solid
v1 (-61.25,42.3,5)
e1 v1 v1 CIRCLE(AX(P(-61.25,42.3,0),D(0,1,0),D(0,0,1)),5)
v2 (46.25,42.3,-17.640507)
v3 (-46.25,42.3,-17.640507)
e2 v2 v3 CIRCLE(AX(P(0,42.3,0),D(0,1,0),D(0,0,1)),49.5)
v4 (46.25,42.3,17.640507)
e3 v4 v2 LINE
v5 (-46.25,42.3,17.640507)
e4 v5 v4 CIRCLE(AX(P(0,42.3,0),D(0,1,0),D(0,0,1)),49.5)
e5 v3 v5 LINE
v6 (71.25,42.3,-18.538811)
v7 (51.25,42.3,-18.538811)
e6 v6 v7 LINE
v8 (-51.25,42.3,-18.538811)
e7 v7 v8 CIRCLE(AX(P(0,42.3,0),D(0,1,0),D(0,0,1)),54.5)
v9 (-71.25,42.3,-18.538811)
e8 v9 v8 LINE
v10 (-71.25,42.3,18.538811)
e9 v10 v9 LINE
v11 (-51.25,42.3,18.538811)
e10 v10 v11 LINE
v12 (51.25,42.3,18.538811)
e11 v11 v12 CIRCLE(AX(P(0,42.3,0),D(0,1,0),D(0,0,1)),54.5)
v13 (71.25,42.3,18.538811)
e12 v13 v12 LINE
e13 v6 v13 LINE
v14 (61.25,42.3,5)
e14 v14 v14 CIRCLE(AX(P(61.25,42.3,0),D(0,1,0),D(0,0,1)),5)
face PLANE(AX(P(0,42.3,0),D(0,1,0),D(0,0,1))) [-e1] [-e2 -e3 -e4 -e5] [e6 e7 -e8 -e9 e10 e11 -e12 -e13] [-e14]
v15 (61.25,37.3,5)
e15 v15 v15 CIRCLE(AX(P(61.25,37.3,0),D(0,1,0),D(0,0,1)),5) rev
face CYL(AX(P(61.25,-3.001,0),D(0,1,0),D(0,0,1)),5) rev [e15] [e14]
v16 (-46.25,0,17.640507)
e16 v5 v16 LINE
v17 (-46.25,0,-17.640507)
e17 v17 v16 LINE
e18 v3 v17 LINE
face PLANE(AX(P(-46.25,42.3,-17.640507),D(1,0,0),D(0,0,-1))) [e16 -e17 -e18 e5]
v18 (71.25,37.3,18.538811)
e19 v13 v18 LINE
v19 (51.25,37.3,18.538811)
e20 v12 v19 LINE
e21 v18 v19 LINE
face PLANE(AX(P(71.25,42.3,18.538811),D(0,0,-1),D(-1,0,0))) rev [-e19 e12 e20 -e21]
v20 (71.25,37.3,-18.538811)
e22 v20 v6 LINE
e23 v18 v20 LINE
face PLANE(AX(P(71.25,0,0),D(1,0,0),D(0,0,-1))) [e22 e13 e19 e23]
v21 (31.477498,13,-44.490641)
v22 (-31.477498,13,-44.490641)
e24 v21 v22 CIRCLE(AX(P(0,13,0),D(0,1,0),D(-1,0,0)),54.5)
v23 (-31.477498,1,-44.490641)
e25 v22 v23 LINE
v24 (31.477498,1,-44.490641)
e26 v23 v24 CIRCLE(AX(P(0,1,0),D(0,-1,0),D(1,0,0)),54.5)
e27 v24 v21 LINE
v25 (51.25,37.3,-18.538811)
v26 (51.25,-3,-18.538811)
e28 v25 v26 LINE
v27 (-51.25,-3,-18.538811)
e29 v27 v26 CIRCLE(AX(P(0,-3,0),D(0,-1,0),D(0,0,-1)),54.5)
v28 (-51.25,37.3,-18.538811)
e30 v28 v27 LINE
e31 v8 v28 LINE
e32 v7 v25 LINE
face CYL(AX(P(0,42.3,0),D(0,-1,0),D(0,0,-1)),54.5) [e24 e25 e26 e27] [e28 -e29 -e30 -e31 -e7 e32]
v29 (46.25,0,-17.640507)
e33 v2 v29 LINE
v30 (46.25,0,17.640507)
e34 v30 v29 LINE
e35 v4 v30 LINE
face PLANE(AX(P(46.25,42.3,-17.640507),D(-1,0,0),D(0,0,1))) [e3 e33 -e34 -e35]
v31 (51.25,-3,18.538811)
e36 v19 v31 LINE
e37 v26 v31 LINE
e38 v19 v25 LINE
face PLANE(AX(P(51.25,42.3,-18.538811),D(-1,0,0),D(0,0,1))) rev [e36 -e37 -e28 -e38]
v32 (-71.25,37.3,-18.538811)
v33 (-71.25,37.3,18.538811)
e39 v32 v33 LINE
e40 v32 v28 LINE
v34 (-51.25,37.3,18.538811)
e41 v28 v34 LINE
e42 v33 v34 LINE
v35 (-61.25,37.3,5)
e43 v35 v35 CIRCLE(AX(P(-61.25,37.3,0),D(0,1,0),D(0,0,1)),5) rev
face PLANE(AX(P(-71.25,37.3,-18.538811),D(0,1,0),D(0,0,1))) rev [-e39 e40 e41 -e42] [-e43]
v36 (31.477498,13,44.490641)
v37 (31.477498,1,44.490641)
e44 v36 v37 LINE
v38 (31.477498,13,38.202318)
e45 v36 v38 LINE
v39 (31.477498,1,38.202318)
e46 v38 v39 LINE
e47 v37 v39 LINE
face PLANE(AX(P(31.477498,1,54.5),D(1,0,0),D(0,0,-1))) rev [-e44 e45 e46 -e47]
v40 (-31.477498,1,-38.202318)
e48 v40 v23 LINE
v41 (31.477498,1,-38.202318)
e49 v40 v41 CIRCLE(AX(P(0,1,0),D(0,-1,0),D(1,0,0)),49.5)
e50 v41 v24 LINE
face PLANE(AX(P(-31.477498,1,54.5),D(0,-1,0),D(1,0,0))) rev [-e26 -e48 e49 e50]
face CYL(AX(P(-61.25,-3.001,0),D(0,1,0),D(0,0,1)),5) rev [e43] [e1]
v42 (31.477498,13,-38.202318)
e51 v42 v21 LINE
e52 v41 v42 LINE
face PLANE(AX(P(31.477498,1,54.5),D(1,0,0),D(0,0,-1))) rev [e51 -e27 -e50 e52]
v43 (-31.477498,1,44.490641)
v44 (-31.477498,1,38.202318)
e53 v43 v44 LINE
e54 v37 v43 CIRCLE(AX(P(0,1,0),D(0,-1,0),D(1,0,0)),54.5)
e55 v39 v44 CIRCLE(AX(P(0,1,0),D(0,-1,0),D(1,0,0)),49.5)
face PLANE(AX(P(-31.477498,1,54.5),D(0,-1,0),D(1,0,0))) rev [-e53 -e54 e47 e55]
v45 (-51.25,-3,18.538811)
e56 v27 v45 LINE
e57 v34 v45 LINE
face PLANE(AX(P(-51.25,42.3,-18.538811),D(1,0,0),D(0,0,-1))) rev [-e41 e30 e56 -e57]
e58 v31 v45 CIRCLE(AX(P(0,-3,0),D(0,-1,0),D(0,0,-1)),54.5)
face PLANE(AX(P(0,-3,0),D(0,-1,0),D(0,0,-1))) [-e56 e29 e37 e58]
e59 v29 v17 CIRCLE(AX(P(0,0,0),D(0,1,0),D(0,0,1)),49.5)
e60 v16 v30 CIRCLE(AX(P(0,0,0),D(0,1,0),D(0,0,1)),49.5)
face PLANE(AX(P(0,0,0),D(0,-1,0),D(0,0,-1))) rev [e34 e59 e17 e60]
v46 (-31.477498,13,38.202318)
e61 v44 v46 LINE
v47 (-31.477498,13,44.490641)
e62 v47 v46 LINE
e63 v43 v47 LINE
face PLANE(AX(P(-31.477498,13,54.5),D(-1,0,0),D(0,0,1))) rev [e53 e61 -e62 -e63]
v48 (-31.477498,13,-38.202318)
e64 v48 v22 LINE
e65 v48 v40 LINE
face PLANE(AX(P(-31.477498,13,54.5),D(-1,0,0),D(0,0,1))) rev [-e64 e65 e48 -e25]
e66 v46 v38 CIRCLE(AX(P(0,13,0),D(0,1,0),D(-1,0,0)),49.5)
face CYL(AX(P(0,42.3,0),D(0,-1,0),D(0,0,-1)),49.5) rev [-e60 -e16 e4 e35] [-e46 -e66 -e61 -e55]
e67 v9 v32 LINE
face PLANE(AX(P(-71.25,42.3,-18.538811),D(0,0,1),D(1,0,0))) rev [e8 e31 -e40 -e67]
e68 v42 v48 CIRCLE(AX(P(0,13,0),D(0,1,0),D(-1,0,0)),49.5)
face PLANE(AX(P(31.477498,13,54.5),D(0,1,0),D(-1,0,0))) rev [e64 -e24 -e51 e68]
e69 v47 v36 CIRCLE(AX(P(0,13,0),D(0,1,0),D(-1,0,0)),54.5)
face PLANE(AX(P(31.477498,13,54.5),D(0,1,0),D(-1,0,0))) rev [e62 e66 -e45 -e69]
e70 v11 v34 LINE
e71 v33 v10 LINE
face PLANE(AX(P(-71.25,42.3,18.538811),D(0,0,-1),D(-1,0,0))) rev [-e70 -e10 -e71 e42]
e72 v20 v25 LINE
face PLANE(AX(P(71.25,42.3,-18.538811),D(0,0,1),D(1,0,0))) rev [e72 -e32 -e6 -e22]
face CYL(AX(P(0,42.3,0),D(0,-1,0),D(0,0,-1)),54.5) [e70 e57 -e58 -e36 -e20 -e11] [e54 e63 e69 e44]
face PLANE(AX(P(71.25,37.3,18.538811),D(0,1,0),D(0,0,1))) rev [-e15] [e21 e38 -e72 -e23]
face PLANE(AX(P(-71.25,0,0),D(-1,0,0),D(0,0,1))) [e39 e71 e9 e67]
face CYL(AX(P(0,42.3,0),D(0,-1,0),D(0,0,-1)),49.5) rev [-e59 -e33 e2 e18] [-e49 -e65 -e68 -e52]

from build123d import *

# Parameters (mm, degrees)
EXTRUDE_1_DEPTH          = 42.3
EXTRUDE_START            = 3
EXTRUDE_2_DEPTH          = 3
SKETCH_3_W               = 37.077621282
SKETCH_3_H               = 5
EXTRUDE_4_DEPTH          = 20
SKETCH_5_W               = 37.077621282
SKETCH_5_H               = 5
EXTRUDE_5_DEPTH          = 20
CUT_EXTRUDE_1_REACH      = 102.493
SKETCH_6_R               = 5
CUT_EXTRUDE_2_REACH      = 102.493
SKETCH_7_R               = 5
CUT_EXTRUDE_3_DEPTH      = 137.919145849
CUT_EXTRUDE_3_DEPTH_BACK = 137.919145849
SKETCH_9_W               = 62.954996742
SKETCH_9_H               = 12


with BuildPart() as part:
    # 草图1 → 凸台-拉伸1 (new body)
    with BuildSketch(Plane(origin=(0, 0, 0), x_dir=(1, 0, 0), z_dir=(0, 1, 0))):
        with BuildLine():
            Line((-51.25, 18.538810641), (-51.25, -18.538810641))
            ThreePointArc((-51.25, -18.538810641), (0, -54.5), (51.25, -18.538810641))
            Line((51.25, -18.538810641), (51.25, 18.538810641))
            ThreePointArc((51.25, 18.538810641), (0, 54.5), (-51.25, 18.538810641))
        make_face()
        with BuildLine():
            Line((-46.25, 17.640507362), (-46.25, -17.640507362))
            ThreePointArc((-46.25, -17.640507362), (0, -49.5), (46.25, -17.640507362))
            Line((46.25, -17.640507362), (46.25, 17.640507362))
            ThreePointArc((46.25, 17.640507362), (0, 49.5), (-46.25, 17.640507362))
        make_face(mode=Mode.SUBTRACT)
    extrude(amount=EXTRUDE_1_DEPTH)

    # 草图2 → 凸台-拉伸2 (add)
    with BuildSketch(Plane(origin=(0, 0, 0), x_dir=(-1, 0, 0), z_dir=(0, -1, 0)).offset(EXTRUDE_START)):
        with BuildLine():
            Line((51.25, -18.538810641), (51.25, 18.538810641))
            ThreePointArc((51.25, 18.538810641), (0, 54.5), (-51.25, 18.538810641))
            Line((-51.25, 18.538810641), (-51.25, -18.538810641))
            ThreePointArc((-51.25, -18.538810641), (0, -54.5), (51.25, -18.538810641))
        make_face()
    extrude(amount=-EXTRUDE_2_DEPTH)

    # 草图3 → 凸台-拉伸4 (add)
    with BuildSketch(Plane.ZY.offset(51.25)):
        with Locations((0, 39.8)):
            Rectangle(SKETCH_3_W, SKETCH_3_H)
    extrude(amount=EXTRUDE_4_DEPTH)

    # 草图5 → 凸台-拉伸5 (add)
    with BuildSketch(Plane(origin=(51.25, 0, 0), x_dir=(0, 0, -1), z_dir=(1, 0, 0))):
        with Locations((0, 39.8)):
            Rectangle(SKETCH_5_W, SKETCH_5_H)
    extrude(amount=EXTRUDE_5_DEPTH)

    # 草图6 → 切除-拉伸1 (cut, up to next)
    with BuildSketch(Plane(origin=(0, 42.3, 0), x_dir=(1, 0, 0), z_dir=(0, 1, 0)), mode=Mode.PRIVATE) as cut_extrude_1_sk1:
        with Locations((-61.25, 0)):
            Circle(SKETCH_6_R)
    cut_extrude_1_tool1 = extrude(cut_extrude_1_sk1.sketch, amount=-CUT_EXTRUDE_1_REACH, mode=Mode.PRIVATE) & part.part
    add(cut_extrude_1_tool1.solids().sort_by_distance((-61.25, 42.3, 0))[0], mode=Mode.SUBTRACT)

    # 草图7 → 切除-拉伸2 (cut, up to next)
    with BuildSketch(Plane(origin=(0, 42.3, 0), x_dir=(1, 0, 0), z_dir=(0, 1, 0)), mode=Mode.PRIVATE) as cut_extrude_2_sk1:
        with Locations((61.25, 0)):
            Circle(SKETCH_7_R)
    cut_extrude_2_tool1 = extrude(cut_extrude_2_sk1.sketch, amount=-CUT_EXTRUDE_2_REACH, mode=Mode.PRIVATE) & part.part
    add(cut_extrude_2_tool1.solids().sort_by_distance((61.25, 42.3, 0))[0], mode=Mode.SUBTRACT)

    # 草图9 → 切除-拉伸3 (cut, two sides: drawn at the far end of the back side and taken through both)
    with BuildSketch(Plane(origin=(0, 0, -54.5), x_dir=(-1, 0, 0), z_dir=(0, 0, -1)).offset(-CUT_EXTRUDE_3_DEPTH_BACK)):
        with Locations((0, 7)):
            Rectangle(SKETCH_9_W, SKETCH_9_H)
    extrude(amount=CUT_EXTRUDE_3_DEPTH + CUT_EXTRUDE_3_DEPTH_BACK, mode=Mode.SUBTRACT)


solid = part.part
